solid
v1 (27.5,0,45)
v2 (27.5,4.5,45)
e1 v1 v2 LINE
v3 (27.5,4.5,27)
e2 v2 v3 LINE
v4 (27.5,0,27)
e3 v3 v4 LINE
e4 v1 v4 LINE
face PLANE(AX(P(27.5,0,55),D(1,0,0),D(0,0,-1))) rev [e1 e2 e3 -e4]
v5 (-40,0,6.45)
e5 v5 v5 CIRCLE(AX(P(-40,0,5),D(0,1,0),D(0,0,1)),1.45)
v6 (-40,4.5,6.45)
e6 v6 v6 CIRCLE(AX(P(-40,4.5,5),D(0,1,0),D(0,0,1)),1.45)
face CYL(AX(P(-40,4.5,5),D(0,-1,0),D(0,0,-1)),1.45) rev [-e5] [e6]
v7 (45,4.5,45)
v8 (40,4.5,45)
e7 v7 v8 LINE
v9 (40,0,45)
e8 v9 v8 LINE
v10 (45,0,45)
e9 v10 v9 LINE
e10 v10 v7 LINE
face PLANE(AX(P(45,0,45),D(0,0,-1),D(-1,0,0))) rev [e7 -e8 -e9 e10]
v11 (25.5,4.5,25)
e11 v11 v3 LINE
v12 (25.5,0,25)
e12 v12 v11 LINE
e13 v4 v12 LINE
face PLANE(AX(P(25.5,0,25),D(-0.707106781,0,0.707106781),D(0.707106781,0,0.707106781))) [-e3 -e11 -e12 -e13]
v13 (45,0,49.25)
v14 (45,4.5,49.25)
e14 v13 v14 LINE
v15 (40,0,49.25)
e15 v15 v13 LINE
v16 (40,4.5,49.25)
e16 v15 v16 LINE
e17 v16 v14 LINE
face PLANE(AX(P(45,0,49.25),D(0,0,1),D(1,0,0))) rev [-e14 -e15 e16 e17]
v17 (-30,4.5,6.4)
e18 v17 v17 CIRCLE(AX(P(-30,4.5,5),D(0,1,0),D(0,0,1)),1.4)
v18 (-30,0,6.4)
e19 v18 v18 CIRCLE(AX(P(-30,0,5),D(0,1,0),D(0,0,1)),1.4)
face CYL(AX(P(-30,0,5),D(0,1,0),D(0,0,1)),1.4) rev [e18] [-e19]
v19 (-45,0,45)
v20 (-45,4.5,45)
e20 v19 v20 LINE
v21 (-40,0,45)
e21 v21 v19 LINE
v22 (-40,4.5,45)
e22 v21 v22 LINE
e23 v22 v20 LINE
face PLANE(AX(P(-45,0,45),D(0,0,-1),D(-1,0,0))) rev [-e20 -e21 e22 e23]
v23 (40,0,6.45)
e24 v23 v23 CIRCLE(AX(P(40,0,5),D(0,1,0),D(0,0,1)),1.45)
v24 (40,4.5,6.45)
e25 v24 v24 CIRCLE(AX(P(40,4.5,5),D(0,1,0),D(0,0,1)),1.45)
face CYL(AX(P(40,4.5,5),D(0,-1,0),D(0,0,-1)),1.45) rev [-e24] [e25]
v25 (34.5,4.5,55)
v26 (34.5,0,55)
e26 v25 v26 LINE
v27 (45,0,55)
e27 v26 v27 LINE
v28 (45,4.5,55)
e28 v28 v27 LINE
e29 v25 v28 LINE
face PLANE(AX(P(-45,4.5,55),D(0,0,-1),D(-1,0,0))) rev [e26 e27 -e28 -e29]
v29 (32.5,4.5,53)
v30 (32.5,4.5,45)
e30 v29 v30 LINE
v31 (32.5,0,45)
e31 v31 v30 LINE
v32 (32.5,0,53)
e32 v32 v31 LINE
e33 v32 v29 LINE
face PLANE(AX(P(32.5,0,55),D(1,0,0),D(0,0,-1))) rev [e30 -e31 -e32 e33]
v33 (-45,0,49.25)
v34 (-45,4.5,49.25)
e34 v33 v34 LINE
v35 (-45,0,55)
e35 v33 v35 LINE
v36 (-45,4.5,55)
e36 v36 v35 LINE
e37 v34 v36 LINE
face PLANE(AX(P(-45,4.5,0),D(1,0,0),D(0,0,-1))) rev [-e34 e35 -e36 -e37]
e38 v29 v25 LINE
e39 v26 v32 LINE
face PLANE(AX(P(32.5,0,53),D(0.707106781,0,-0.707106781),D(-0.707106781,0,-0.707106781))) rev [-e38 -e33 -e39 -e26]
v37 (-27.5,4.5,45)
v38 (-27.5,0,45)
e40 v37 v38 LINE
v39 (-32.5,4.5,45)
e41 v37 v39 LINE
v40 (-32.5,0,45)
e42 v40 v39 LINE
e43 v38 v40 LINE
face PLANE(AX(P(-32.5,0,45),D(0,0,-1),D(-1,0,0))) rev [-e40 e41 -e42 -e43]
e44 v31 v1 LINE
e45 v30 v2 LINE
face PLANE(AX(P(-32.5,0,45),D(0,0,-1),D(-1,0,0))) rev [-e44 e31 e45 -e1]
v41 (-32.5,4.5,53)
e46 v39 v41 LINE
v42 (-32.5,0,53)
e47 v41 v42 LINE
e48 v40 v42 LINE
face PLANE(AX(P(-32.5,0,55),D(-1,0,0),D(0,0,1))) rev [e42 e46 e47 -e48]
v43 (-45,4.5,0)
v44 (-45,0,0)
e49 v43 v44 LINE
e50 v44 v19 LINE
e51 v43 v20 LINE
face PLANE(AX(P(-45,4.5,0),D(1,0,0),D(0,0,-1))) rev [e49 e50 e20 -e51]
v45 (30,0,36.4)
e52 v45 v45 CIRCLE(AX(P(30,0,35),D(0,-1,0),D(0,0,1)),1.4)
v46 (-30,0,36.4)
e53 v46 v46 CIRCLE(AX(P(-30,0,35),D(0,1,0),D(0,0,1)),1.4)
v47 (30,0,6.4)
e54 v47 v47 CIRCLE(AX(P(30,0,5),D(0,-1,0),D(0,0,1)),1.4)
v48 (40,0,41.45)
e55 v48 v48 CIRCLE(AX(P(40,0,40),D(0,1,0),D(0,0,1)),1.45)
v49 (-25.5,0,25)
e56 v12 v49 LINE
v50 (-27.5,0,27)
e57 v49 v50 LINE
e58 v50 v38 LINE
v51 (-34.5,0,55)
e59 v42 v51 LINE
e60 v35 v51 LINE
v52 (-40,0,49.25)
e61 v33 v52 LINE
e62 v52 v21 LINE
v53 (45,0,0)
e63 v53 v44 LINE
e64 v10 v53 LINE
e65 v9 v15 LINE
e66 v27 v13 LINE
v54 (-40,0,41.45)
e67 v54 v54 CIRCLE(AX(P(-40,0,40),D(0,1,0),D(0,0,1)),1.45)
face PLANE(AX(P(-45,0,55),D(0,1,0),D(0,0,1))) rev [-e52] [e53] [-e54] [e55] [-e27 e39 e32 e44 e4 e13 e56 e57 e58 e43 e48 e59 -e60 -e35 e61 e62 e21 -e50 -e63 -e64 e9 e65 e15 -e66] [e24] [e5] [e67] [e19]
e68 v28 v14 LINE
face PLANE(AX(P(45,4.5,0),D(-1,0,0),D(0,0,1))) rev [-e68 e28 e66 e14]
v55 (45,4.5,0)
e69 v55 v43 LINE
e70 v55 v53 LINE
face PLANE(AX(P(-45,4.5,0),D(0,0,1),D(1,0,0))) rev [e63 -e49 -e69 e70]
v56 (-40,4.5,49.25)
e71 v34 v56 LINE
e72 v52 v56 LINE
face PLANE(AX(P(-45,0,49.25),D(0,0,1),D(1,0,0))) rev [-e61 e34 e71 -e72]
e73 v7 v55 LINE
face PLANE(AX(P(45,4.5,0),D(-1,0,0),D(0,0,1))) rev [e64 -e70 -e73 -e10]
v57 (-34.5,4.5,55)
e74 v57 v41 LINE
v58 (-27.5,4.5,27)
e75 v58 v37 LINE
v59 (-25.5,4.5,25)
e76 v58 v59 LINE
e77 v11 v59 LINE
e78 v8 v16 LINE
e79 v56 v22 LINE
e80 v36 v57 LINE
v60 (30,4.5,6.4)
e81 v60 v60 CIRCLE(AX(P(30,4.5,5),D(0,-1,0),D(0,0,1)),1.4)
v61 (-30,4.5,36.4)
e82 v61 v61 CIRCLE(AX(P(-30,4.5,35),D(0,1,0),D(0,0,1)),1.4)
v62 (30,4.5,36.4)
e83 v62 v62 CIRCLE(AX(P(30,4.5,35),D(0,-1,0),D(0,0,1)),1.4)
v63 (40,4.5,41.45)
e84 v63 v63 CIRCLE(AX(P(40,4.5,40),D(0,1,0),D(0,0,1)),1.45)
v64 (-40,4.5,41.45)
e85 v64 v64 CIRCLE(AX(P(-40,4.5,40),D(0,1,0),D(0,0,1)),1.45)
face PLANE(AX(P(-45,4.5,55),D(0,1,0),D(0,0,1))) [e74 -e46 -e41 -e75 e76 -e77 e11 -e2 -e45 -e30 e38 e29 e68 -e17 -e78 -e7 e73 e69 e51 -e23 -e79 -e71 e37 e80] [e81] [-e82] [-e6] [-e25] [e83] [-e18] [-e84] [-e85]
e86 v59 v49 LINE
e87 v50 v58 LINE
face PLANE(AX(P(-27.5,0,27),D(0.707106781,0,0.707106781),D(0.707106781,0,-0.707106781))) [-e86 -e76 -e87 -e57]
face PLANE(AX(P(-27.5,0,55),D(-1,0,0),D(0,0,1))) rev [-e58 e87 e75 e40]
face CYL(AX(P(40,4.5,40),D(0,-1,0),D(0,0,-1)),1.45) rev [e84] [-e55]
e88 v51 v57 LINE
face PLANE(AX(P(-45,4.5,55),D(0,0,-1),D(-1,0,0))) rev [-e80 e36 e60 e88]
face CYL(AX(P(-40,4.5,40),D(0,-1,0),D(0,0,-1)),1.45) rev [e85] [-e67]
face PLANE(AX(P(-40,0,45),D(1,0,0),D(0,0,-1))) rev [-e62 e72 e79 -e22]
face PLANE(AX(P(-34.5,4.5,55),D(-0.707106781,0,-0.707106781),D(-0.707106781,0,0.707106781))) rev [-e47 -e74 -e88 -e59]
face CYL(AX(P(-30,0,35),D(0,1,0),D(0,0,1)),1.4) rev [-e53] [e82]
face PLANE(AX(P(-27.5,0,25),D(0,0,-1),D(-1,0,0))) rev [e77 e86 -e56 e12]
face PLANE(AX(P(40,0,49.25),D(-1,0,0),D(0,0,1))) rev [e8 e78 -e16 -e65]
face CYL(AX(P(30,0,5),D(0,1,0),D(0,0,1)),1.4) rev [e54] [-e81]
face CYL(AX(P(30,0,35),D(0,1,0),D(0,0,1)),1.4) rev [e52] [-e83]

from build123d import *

# Parameters (mm, degrees)
SKETCH1_W           = 90
SKETCH1_H           = 55
SKETCH1_R           = 1.45
BOSS_EXTRUDE1_DEPTH = 4.5
SKETCH2_W           = 5
SKETCH2_H           = 4.25
CUT_EXTRUDE1_DEPTH  = 5.5
SKETCH3_R           = 1.4
CUT_EXTRUDE2_DEPTH  = 5.5
SKETCH4_W           = 55
SKETCH4_H           = 30
CUT_EXTRUDE3_DEPTH  = 5.5
SKETCH5_W           = 65
SKETCH5_H           = 10
CUT_EXTRUDE4_DEPTH  = 5.5
CHAMFER1_SIZE       = 2


with BuildPart() as part:
    # Sketch1 → Boss-Extrude1 (new body)
    with BuildSketch(Plane(origin=(0, 0, 0), x_dir=(1, 0, 0), z_dir=(0, 1, 0))):
        with Locations((0, -27.5)):
            Rectangle(SKETCH1_W, SKETCH1_H)
        with Locations((-40, -40)):
            Circle(SKETCH1_R, mode=Mode.SUBTRACT)
        with Locations((-40, -5)):
            Circle(SKETCH1_R, mode=Mode.SUBTRACT)
        with Locations((40, -40)):
            Circle(SKETCH1_R, mode=Mode.SUBTRACT)
        with Locations((40, -5)):
            Circle(SKETCH1_R, mode=Mode.SUBTRACT)
    extrude(amount=BOSS_EXTRUDE1_DEPTH)

    # Sketch2 → Cut-Extrude1 (cut, through all)
    with BuildSketch(Plane(origin=(0, 4.5, 0), x_dir=(1, 0, 0), z_dir=(0, 1, 0))):
        with Locations((-42.5, -47.125)):
            Rectangle(SKETCH2_W, SKETCH2_H)
        with Locations((42.5, -47.125)):
            Rectangle(SKETCH2_W, SKETCH2_H)
    extrude(amount=-CUT_EXTRUDE1_DEPTH, mode=Mode.SUBTRACT)

    # Sketch3 → Cut-Extrude2 (cut, through all)
    with BuildSketch(Plane(origin=(0, 4.5, 0), x_dir=(1, 0, 0), z_dir=(0, 1, 0))):
        with Locations((-30, -35)):
            Circle(SKETCH3_R)
        with Locations((-30, -5)):
            Circle(SKETCH3_R)
    cut_extrude2 = extrude(amount=-CUT_EXTRUDE2_DEPTH, mode=Mode.SUBTRACT)

    # Mirror1: Cut-Extrude2 across plane
    add(cut_extrude2.mirror(Plane(origin=(0, 0, 0), x_dir=(0, 0, 1), z_dir=(1, 0, 0))), mode=Mode.SUBTRACT)

    # Sketch4 → Cut-Extrude3 (cut, through all)
    with BuildSketch(Plane(origin=(0, 4.5, 0), x_dir=(1, 0, 0), z_dir=(0, 1, 0))):
        with Locations((0, -40)):
            Rectangle(SKETCH4_W, SKETCH4_H)
    extrude(amount=-CUT_EXTRUDE3_DEPTH, mode=Mode.SUBTRACT)

    # Sketch5 → Cut-Extrude4 (cut, through all)
    with BuildSketch(Plane(origin=(0, 4.5, 0), x_dir=(1, 0, 0), z_dir=(0, 1, 0))):
        with Locations((0, -50)):
            Rectangle(SKETCH5_W, SKETCH5_H)
    extrude(amount=-CUT_EXTRUDE4_DEPTH, mode=Mode.SUBTRACT)

    # Chamfer1
    chamfer1_edges = [part.edges().sort_by_distance(p)[0] for p in [
        (32.5, 2.25, 55),
        (-32.5, 2.25, 55),
        (-27.5, 2.25, 25),
        (27.5, 2.25, 25),
    ]]
    chamfer(chamfer1_edges, length=CHAMFER1_SIZE)


solid = part.part
